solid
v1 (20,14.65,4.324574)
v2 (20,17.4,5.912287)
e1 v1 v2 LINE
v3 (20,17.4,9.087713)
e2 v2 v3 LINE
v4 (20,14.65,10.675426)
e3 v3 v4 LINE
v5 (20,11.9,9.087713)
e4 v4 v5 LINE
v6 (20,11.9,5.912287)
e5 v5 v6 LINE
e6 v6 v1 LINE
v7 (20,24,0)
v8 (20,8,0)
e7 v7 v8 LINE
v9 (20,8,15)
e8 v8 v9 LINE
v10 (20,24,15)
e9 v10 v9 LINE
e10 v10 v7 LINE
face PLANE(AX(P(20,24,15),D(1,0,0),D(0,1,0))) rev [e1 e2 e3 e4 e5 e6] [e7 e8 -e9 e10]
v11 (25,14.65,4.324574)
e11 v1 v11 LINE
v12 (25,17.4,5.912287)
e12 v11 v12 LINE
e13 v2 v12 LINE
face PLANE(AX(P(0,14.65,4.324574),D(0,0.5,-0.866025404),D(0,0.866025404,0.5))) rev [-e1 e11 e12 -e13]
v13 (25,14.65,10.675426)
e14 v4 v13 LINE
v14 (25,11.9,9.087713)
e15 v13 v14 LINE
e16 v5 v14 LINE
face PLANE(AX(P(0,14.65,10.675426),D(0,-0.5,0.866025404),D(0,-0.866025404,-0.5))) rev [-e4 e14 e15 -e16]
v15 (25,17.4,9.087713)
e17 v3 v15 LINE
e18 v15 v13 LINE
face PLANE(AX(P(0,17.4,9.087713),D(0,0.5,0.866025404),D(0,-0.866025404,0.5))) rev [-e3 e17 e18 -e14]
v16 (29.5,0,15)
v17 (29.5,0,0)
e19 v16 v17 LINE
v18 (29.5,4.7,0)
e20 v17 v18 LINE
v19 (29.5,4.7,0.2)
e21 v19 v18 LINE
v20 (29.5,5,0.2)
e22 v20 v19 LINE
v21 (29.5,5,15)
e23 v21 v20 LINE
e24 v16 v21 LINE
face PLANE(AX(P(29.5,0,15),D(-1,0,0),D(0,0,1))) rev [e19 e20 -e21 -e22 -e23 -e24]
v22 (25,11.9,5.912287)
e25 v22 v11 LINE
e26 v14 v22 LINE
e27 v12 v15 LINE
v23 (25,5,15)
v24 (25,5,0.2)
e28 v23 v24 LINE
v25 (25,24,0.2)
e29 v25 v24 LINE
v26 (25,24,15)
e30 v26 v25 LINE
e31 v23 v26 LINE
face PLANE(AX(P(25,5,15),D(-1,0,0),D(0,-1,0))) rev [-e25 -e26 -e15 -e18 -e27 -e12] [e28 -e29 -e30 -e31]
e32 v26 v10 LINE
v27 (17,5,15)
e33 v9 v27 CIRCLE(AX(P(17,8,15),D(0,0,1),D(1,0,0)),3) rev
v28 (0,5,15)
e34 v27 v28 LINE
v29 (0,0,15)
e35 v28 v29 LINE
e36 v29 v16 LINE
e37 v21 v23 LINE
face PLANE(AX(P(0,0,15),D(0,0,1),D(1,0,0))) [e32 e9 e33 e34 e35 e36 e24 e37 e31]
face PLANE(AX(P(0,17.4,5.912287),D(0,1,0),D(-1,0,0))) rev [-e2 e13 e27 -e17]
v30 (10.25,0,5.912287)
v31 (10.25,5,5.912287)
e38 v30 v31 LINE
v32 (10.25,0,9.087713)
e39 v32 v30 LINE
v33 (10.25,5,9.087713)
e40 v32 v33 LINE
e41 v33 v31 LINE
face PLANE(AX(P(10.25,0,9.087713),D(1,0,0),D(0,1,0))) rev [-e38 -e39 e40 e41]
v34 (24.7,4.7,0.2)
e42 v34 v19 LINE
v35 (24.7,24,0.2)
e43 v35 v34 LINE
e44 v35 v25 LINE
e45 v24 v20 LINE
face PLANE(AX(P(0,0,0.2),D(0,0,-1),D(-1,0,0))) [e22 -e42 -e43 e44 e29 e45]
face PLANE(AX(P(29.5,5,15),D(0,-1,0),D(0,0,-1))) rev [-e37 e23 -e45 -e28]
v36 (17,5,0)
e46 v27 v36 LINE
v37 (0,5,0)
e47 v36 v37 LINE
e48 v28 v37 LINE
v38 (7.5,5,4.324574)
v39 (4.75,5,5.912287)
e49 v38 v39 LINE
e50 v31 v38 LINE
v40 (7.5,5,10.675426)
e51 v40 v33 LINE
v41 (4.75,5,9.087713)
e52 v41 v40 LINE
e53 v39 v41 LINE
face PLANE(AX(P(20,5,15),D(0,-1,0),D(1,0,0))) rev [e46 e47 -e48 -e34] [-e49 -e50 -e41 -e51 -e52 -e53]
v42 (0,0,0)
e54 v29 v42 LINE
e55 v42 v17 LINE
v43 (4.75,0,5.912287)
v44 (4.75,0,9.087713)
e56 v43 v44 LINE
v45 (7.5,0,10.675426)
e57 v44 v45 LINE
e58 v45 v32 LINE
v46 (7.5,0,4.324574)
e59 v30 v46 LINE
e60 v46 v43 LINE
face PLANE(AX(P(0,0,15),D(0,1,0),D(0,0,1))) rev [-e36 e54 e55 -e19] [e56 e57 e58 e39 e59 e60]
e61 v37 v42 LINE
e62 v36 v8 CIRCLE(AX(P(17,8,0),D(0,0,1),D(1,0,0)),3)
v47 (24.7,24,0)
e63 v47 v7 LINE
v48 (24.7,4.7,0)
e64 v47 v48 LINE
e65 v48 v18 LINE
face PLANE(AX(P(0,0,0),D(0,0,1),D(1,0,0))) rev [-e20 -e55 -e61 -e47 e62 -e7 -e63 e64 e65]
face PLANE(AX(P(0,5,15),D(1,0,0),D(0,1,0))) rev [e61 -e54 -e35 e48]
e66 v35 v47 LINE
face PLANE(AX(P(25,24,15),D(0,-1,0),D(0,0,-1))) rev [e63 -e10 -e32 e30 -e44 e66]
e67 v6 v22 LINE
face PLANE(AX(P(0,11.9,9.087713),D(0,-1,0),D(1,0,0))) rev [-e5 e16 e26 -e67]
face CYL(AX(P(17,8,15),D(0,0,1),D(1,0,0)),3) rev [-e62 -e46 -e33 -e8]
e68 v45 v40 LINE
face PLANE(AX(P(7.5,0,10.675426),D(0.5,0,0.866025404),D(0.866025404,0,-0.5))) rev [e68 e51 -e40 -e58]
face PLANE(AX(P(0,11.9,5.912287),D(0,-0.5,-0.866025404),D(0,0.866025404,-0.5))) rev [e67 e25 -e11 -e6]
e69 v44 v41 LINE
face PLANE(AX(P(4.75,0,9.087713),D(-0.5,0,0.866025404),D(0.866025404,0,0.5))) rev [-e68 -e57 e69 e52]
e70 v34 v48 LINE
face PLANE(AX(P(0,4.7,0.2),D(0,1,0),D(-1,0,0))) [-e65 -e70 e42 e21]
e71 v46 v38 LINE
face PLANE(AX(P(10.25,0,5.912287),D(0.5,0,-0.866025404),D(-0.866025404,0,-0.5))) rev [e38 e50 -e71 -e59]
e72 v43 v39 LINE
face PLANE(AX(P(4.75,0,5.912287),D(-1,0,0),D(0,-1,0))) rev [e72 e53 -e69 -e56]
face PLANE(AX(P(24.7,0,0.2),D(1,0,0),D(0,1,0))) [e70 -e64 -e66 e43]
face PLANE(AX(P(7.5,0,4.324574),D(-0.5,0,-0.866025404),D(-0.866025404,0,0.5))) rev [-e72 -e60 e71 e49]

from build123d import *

# Parameters (mm, degrees)
BOSS_EXTRUDE1_DEPTH = 15
CUT_EXTRUDE1_DEPTH  = 39.160843806
CUT_EXTRUDE2_DEPTH  = 38.762415177
CUT_EXTRUDE4_DEPTH  = 0.2
FILLET1_R           = 3


with BuildPart() as part:
    # Sketch2 → Boss-Extrude1 (new body)
    with BuildSketch(Plane.XY):
        Polygon((0, 0), (29.5, 0), (29.5, 5), (25, 5), (25, 24), (20, 24), (20, 5), (0, 5), align=None)
    extrude(amount=BOSS_EXTRUDE1_DEPTH)

    # Sketch3 → Cut-Extrude1 (cut, through all)
    with BuildSketch(Plane(origin=(0, 5, 0), x_dir=(1, 0, 0), z_dir=(0, 1, 0))):
        Polygon((10.25, -5.91228676), (7.5, -4.324573519), (4.75, -5.91228676), (4.75, -9.08771324), (7.5, -10.675426481), (10.25, -9.08771324), align=None)
        Polygon((44.25, -9.08771324), (44.25, -5.91228676), (47, -4.324573519), (49.75, -5.91228676), (49.75, -9.08771324), (47, -10.675426481), align=None)
    extrude(amount=-CUT_EXTRUDE1_DEPTH, mode=Mode.SUBTRACT)

    # Sketch4 → Cut-Extrude2 (cut, through all)
    with BuildSketch(Plane(origin=(25, 0, 0), x_dir=(0, 0, -1), z_dir=(1, 0, 0))):
        Polygon((-5.91228676, 11.9), (-4.324573519, 14.65), (-5.91228676, 17.4), (-9.08771324, 17.4), (-10.675426481, 14.65), (-9.08771324, 11.9), align=None)
    extrude(amount=-CUT_EXTRUDE2_DEPTH, mode=Mode.SUBTRACT)

    # Sketch5 → Cut-Extrude4 (cut)
    with BuildSketch(Plane(origin=(0, 0, 0), x_dir=(-1, 0, 0), z_dir=(0, 0, -1))):
        Polygon((-24.7, 4.7), (-24.7, 23.7), (-24.7, 24), (-25, 24), (-25, 5), (-29.5, 5), (-29.5, 4.7), align=None)
    extrude(amount=-CUT_EXTRUDE4_DEPTH, mode=Mode.SUBTRACT)

    # Fillet1
    fillet1_edges = [part.edges().sort_by_distance(p)[0] for p in [
        (20, 5, 7.5),
    ]]
    fillet(fillet1_edges, radius=FILLET1_R)


solid = part.part
